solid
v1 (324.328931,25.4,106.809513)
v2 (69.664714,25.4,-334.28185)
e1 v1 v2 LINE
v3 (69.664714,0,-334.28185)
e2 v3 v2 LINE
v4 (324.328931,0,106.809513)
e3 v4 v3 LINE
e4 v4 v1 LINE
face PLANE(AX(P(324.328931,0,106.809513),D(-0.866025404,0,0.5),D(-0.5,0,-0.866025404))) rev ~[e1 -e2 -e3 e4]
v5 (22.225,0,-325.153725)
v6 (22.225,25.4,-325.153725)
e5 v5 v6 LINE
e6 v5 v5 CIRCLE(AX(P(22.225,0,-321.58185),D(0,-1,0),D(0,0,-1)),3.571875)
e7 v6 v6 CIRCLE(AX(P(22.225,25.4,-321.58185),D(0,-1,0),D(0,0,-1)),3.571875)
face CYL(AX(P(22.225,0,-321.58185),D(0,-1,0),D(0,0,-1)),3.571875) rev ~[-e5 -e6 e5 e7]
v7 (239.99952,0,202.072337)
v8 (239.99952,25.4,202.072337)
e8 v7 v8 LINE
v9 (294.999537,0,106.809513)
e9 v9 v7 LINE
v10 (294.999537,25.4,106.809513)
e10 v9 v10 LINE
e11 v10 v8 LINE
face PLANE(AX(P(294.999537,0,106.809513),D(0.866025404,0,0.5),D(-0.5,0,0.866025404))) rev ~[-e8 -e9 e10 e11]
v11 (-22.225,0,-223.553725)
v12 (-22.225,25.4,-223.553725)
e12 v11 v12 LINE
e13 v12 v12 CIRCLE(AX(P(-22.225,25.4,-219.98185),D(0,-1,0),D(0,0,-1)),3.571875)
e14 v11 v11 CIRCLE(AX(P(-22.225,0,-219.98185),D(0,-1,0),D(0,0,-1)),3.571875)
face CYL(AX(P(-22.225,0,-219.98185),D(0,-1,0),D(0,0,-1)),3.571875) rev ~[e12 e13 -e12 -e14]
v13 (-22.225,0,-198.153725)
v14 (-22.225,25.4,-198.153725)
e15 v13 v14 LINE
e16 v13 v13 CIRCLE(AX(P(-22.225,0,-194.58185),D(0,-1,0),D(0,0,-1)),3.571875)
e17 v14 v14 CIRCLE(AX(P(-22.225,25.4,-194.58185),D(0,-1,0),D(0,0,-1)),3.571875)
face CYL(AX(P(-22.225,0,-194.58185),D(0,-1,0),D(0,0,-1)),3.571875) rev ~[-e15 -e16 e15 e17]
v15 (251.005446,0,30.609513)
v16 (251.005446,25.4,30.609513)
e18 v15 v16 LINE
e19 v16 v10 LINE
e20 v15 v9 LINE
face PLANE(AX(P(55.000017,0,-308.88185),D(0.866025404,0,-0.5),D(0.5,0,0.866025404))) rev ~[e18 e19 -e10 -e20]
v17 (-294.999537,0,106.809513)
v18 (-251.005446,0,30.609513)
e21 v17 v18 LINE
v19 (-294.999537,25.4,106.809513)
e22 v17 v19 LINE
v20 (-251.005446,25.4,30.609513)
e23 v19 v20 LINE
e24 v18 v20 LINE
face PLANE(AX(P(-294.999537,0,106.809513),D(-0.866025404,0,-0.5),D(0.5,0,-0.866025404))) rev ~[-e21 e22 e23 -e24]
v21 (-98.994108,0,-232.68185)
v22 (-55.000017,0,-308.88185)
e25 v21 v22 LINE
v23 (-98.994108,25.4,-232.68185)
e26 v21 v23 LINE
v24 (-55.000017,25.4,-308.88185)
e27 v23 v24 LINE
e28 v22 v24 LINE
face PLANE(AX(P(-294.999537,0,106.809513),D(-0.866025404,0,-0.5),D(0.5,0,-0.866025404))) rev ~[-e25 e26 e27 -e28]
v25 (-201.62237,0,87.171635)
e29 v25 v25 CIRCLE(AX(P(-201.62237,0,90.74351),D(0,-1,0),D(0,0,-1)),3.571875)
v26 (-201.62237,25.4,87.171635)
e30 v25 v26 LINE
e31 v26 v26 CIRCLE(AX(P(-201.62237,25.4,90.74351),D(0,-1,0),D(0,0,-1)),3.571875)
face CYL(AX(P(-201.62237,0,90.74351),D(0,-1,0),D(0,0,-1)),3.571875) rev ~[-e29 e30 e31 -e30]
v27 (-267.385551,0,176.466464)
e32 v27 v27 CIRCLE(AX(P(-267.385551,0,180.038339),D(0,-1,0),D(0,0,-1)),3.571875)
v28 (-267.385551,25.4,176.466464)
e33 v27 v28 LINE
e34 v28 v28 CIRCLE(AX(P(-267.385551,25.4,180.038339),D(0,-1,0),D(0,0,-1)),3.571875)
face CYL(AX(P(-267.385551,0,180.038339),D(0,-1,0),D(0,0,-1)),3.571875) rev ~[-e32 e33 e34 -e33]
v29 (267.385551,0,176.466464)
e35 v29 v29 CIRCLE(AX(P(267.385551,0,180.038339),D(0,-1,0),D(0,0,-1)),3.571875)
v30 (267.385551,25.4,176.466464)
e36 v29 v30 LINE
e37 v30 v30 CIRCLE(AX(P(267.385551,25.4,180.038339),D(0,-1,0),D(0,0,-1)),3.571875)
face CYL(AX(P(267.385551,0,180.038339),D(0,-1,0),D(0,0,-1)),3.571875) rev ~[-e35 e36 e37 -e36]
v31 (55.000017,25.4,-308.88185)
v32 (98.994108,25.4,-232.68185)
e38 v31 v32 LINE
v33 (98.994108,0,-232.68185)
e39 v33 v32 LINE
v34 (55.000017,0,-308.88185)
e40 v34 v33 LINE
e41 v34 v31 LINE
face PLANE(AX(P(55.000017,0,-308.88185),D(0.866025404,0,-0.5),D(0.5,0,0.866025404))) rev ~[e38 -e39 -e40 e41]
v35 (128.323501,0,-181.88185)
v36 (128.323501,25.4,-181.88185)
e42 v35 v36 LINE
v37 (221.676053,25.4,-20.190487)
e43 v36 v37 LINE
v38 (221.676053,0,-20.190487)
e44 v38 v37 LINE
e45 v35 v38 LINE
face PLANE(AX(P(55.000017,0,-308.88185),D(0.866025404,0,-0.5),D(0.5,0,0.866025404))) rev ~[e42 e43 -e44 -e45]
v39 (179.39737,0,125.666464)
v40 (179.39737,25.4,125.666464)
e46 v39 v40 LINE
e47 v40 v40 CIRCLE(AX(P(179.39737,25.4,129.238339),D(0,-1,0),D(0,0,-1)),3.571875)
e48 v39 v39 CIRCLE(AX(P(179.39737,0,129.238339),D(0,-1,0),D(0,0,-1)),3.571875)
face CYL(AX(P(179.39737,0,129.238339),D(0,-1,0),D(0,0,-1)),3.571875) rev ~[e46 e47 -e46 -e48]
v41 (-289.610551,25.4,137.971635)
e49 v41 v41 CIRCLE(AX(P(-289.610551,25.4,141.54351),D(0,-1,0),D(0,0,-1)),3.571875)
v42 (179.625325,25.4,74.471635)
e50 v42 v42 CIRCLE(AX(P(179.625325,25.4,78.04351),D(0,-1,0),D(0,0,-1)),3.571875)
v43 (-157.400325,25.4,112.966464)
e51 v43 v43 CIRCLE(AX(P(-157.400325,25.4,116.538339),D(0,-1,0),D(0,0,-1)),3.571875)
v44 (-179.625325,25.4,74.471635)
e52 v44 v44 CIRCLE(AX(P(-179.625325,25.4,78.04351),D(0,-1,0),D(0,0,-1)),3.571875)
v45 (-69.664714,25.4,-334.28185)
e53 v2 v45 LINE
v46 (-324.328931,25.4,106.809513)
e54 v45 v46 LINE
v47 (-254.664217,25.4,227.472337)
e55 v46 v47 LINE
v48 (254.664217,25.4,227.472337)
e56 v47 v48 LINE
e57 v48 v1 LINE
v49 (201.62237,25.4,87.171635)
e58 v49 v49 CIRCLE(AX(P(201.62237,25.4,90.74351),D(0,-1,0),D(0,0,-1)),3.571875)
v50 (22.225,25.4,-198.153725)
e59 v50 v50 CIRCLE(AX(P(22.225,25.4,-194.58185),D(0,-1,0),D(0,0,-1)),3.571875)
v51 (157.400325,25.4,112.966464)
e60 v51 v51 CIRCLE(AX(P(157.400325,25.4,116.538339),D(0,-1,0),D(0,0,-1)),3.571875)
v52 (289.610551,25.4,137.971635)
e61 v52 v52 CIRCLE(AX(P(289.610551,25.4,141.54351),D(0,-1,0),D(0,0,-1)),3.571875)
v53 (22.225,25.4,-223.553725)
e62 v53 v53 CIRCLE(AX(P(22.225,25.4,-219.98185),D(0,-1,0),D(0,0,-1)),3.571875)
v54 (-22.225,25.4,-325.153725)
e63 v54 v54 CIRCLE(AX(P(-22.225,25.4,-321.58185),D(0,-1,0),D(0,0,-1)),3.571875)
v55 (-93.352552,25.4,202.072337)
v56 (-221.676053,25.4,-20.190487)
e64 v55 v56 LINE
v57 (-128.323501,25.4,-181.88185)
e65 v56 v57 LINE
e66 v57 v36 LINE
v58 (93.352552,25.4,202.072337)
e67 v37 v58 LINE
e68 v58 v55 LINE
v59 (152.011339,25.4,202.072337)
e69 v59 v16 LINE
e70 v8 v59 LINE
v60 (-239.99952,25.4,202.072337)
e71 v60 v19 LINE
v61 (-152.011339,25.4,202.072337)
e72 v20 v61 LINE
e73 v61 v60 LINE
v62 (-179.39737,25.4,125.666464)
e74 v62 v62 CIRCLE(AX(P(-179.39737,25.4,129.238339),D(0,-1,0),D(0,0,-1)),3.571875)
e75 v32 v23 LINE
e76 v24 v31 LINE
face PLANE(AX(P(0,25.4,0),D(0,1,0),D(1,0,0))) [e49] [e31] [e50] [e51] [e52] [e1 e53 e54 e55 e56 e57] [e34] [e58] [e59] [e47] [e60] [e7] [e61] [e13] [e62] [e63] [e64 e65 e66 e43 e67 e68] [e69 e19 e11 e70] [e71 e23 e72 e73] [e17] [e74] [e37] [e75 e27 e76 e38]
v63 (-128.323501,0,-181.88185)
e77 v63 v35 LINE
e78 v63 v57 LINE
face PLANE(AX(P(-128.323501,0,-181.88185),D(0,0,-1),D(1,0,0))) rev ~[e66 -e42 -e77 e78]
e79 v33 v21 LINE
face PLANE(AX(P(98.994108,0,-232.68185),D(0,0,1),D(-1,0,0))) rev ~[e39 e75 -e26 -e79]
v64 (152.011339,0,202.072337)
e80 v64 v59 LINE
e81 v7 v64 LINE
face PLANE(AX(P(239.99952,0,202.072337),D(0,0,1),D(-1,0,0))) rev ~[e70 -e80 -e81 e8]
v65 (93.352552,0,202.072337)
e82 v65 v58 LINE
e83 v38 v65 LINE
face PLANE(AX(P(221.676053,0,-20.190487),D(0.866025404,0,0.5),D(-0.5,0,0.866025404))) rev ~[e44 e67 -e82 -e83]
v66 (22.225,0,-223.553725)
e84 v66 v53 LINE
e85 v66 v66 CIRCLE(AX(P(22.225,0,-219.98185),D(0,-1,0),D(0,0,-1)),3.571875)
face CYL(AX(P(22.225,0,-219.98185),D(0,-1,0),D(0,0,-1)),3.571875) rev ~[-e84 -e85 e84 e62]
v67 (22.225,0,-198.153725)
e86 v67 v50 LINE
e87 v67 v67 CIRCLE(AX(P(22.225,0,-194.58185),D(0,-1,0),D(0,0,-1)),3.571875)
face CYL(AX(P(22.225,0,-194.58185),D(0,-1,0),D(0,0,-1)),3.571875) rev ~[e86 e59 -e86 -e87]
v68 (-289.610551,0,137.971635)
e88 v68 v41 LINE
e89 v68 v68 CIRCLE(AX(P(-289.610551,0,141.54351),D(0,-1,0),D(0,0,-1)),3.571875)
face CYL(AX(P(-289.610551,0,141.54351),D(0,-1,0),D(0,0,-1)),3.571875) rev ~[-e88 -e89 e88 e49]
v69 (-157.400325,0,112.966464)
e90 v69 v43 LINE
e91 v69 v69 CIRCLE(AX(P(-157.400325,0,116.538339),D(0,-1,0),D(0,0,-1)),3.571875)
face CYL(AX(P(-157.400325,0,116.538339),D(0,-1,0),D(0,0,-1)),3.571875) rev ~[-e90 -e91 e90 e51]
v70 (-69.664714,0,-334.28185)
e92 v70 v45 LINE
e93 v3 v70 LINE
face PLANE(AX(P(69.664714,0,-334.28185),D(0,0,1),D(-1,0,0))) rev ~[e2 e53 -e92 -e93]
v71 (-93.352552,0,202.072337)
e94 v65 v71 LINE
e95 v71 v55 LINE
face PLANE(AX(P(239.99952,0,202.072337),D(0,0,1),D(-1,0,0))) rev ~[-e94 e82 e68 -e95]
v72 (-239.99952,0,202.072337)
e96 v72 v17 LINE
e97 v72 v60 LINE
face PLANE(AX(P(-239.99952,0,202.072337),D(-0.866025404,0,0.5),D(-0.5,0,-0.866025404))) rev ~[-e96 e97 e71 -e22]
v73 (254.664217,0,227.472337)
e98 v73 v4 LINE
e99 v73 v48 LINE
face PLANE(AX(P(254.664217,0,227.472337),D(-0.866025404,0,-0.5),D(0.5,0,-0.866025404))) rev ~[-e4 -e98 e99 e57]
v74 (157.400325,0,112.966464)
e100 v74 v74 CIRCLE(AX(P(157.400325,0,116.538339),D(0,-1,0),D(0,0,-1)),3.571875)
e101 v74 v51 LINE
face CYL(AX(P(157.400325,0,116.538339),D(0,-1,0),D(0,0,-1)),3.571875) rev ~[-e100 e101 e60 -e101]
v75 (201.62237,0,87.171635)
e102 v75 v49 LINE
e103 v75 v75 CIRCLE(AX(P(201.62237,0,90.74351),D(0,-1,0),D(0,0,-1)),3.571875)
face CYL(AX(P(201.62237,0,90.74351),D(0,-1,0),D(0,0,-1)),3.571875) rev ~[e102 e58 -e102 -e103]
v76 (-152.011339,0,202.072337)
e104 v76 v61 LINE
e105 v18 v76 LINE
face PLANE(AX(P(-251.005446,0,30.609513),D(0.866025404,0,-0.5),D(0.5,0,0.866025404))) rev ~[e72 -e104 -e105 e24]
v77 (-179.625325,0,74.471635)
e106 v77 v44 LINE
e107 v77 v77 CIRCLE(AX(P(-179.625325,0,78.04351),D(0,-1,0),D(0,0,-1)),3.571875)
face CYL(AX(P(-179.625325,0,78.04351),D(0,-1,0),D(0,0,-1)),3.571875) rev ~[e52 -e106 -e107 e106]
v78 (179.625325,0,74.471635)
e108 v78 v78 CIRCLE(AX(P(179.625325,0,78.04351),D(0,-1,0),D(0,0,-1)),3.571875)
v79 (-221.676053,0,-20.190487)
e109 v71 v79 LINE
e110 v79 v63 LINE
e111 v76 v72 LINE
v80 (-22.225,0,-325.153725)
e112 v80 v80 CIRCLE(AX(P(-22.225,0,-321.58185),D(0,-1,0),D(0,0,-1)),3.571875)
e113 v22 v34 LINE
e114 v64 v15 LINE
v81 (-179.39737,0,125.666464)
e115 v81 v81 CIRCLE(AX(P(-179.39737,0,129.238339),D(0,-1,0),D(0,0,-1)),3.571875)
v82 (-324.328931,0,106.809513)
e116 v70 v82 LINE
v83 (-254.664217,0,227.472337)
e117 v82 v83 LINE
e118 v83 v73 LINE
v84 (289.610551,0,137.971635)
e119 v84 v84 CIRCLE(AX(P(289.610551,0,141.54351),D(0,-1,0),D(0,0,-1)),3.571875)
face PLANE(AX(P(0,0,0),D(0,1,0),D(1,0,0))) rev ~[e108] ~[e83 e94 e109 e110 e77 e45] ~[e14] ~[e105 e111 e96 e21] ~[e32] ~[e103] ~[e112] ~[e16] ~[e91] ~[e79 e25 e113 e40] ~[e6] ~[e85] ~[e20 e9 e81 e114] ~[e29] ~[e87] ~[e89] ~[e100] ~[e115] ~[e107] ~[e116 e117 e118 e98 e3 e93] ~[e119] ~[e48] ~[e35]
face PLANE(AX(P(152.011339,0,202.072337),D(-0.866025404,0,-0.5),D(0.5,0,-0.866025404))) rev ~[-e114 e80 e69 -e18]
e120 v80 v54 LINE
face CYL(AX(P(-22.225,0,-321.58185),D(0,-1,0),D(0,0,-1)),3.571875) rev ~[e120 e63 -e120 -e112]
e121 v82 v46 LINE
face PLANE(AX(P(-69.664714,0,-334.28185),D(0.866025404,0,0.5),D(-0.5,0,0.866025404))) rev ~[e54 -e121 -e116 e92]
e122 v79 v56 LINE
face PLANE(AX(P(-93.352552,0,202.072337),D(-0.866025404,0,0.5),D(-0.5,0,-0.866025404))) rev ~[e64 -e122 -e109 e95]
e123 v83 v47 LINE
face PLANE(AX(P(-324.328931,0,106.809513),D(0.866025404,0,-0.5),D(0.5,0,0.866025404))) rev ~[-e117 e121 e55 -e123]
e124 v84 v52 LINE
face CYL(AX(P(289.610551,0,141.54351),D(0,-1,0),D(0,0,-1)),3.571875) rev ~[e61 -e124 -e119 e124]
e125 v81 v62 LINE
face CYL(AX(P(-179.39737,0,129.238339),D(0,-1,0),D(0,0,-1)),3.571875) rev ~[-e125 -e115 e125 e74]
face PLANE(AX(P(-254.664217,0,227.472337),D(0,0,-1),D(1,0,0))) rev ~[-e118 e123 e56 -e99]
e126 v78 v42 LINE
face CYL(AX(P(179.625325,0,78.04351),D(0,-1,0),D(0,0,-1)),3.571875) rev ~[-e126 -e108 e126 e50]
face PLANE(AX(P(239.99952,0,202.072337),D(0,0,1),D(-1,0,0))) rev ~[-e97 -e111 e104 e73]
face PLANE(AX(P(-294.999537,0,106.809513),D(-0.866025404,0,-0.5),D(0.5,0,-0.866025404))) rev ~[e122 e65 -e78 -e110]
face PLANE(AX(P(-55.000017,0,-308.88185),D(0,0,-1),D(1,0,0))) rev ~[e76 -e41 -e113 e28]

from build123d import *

# Parameters (mm, degrees)
BOSS_EXTRUDE2_DEPTH = 25.4
SKETCH2_R           = 3.571875
CUT_EXTRUDE1_DEPTH  = 25.4


with BuildPart() as part:
    # Sketch1 → Boss-Extrude2 (new body)
    # profile 1 of 4: a face of its own
    with BuildSketch(Plane(origin=(0, 0, 0), x_dir=(1, 0, 0), z_dir=(0, 1, 0))):
        Polygon((-69.664713837, 334.281849575), (-324.328930675, -106.809512857), (-254.664216837, -227.472336718), (254.664216837, -227.472336718), (324.328930675, -106.809512857), (69.664713837, 334.281849575), align=None)
        Polygon((-239.99952, -202.072336718), (-294.999537, -106.809512857), (-55.000017, 308.881849575), (55.000017, 308.881849575), (294.999537, -106.809512857), (239.99952, -202.072336718), align=None, mode=Mode.SUBTRACT)
    # profile 2 of 4: a face of its own
    with BuildSketch(Plane(origin=(0, 0, 0), x_dir=(1, 0, 0), z_dir=(0, 1, 0))):
        Polygon((-93.352551626, -202.072336718), (-221.676052813, 20.190487143), (-251.005446488, -30.609512857), (-152.011338976, -202.072336718), align=None)
    # profile 3 of 4: a face of its own
    with BuildSketch(Plane(origin=(0, 0, 0), x_dir=(1, 0, 0), z_dir=(0, 1, 0))):
        Polygon((251.005446488, -30.609512857), (221.676052813, 20.190487143), (93.352551626, -202.072336718), (152.011338976, -202.072336718), align=None)
    # profile 4 of 4: a face of its own
    with BuildSketch(Plane(origin=(0, 0, 0), x_dir=(1, 0, 0), z_dir=(0, 1, 0))):
        Polygon((98.994107512, 232.681849575), (-98.994107512, 232.681849575), (-128.323501187, 181.881849575), (128.323501187, 181.881849575), align=None)
    extrude(amount=BOSS_EXTRUDE2_DEPTH)

    # Sketch2 → Cut-Extrude1 (cut)
    with BuildSketch(Plane.XZ):
        with Locations(Location((-289.610551128, 141.543510188, 0), (0, 0, 270))):
            Circle(SKETCH2_R)
        with Locations(Location((-267.385551128, 180.038339387, 0), (0, 0, 270))):
            Circle(SKETCH2_R)
        with Locations(Location((267.385551128, 180.038339387, 0), (0, 0, 270))):
            Circle(SKETCH2_R)
        with Locations(Location((289.610551128, 141.543510188, 0), (0, 0, 270))):
            Circle(SKETCH2_R)
        with Locations(Location((22.225, -321.581849575, 0), (0, 0, 270))):
            Circle(SKETCH2_R)
        with Locations(Location((-22.225, -321.581849575, 0), (0, 0, 270))):
            Circle(SKETCH2_R)
        with Locations(Location((-201.622370104, 90.743510188, 0), (0, 0, 270))):
            Circle(SKETCH2_R)
        with Locations(Location((-179.397370104, 129.238339387, 0), (0, 0, 270))):
            Circle(SKETCH2_R)
        with Locations(Location((-157.400324847, 116.538339387, 0), (0, 0, 270))):
            Circle(SKETCH2_R)
        with Locations(Location((-179.625324847, 78.043510188, 0), (0, 0, 270))):
            Circle(SKETCH2_R)
        with Locations(Location((201.622370104, 90.743510188, 0), (0, 0, 270))):
            Circle(SKETCH2_R)
        with Locations(Location((179.397370104, 129.238339387, 0), (0, 0, 270))):
            Circle(SKETCH2_R)
        with Locations(Location((-22.225, -219.981849575, 0), (0, 0, 270))):
            Circle(SKETCH2_R)
        with Locations(Location((22.225, -219.981849575, 0), (0, 0, 270))):
            Circle(SKETCH2_R)
        with Locations(Location((179.625324847, 78.043510188, 0), (0, 0, 270))):
            Circle(SKETCH2_R)
        with Locations(Location((157.400324847, 116.538339387, 0), (0, 0, 270))):
            Circle(SKETCH2_R)
        with Locations(Location((-22.225, -194.581849575, 0), (0, 0, 270))):
            Circle(SKETCH2_R)
        with Locations(Location((22.225, -194.581849575, 0), (0, 0, 270))):
            Circle(SKETCH2_R)
    extrude(amount=-CUT_EXTRUDE1_DEPTH, mode=Mode.SUBTRACT)


solid = part.part
